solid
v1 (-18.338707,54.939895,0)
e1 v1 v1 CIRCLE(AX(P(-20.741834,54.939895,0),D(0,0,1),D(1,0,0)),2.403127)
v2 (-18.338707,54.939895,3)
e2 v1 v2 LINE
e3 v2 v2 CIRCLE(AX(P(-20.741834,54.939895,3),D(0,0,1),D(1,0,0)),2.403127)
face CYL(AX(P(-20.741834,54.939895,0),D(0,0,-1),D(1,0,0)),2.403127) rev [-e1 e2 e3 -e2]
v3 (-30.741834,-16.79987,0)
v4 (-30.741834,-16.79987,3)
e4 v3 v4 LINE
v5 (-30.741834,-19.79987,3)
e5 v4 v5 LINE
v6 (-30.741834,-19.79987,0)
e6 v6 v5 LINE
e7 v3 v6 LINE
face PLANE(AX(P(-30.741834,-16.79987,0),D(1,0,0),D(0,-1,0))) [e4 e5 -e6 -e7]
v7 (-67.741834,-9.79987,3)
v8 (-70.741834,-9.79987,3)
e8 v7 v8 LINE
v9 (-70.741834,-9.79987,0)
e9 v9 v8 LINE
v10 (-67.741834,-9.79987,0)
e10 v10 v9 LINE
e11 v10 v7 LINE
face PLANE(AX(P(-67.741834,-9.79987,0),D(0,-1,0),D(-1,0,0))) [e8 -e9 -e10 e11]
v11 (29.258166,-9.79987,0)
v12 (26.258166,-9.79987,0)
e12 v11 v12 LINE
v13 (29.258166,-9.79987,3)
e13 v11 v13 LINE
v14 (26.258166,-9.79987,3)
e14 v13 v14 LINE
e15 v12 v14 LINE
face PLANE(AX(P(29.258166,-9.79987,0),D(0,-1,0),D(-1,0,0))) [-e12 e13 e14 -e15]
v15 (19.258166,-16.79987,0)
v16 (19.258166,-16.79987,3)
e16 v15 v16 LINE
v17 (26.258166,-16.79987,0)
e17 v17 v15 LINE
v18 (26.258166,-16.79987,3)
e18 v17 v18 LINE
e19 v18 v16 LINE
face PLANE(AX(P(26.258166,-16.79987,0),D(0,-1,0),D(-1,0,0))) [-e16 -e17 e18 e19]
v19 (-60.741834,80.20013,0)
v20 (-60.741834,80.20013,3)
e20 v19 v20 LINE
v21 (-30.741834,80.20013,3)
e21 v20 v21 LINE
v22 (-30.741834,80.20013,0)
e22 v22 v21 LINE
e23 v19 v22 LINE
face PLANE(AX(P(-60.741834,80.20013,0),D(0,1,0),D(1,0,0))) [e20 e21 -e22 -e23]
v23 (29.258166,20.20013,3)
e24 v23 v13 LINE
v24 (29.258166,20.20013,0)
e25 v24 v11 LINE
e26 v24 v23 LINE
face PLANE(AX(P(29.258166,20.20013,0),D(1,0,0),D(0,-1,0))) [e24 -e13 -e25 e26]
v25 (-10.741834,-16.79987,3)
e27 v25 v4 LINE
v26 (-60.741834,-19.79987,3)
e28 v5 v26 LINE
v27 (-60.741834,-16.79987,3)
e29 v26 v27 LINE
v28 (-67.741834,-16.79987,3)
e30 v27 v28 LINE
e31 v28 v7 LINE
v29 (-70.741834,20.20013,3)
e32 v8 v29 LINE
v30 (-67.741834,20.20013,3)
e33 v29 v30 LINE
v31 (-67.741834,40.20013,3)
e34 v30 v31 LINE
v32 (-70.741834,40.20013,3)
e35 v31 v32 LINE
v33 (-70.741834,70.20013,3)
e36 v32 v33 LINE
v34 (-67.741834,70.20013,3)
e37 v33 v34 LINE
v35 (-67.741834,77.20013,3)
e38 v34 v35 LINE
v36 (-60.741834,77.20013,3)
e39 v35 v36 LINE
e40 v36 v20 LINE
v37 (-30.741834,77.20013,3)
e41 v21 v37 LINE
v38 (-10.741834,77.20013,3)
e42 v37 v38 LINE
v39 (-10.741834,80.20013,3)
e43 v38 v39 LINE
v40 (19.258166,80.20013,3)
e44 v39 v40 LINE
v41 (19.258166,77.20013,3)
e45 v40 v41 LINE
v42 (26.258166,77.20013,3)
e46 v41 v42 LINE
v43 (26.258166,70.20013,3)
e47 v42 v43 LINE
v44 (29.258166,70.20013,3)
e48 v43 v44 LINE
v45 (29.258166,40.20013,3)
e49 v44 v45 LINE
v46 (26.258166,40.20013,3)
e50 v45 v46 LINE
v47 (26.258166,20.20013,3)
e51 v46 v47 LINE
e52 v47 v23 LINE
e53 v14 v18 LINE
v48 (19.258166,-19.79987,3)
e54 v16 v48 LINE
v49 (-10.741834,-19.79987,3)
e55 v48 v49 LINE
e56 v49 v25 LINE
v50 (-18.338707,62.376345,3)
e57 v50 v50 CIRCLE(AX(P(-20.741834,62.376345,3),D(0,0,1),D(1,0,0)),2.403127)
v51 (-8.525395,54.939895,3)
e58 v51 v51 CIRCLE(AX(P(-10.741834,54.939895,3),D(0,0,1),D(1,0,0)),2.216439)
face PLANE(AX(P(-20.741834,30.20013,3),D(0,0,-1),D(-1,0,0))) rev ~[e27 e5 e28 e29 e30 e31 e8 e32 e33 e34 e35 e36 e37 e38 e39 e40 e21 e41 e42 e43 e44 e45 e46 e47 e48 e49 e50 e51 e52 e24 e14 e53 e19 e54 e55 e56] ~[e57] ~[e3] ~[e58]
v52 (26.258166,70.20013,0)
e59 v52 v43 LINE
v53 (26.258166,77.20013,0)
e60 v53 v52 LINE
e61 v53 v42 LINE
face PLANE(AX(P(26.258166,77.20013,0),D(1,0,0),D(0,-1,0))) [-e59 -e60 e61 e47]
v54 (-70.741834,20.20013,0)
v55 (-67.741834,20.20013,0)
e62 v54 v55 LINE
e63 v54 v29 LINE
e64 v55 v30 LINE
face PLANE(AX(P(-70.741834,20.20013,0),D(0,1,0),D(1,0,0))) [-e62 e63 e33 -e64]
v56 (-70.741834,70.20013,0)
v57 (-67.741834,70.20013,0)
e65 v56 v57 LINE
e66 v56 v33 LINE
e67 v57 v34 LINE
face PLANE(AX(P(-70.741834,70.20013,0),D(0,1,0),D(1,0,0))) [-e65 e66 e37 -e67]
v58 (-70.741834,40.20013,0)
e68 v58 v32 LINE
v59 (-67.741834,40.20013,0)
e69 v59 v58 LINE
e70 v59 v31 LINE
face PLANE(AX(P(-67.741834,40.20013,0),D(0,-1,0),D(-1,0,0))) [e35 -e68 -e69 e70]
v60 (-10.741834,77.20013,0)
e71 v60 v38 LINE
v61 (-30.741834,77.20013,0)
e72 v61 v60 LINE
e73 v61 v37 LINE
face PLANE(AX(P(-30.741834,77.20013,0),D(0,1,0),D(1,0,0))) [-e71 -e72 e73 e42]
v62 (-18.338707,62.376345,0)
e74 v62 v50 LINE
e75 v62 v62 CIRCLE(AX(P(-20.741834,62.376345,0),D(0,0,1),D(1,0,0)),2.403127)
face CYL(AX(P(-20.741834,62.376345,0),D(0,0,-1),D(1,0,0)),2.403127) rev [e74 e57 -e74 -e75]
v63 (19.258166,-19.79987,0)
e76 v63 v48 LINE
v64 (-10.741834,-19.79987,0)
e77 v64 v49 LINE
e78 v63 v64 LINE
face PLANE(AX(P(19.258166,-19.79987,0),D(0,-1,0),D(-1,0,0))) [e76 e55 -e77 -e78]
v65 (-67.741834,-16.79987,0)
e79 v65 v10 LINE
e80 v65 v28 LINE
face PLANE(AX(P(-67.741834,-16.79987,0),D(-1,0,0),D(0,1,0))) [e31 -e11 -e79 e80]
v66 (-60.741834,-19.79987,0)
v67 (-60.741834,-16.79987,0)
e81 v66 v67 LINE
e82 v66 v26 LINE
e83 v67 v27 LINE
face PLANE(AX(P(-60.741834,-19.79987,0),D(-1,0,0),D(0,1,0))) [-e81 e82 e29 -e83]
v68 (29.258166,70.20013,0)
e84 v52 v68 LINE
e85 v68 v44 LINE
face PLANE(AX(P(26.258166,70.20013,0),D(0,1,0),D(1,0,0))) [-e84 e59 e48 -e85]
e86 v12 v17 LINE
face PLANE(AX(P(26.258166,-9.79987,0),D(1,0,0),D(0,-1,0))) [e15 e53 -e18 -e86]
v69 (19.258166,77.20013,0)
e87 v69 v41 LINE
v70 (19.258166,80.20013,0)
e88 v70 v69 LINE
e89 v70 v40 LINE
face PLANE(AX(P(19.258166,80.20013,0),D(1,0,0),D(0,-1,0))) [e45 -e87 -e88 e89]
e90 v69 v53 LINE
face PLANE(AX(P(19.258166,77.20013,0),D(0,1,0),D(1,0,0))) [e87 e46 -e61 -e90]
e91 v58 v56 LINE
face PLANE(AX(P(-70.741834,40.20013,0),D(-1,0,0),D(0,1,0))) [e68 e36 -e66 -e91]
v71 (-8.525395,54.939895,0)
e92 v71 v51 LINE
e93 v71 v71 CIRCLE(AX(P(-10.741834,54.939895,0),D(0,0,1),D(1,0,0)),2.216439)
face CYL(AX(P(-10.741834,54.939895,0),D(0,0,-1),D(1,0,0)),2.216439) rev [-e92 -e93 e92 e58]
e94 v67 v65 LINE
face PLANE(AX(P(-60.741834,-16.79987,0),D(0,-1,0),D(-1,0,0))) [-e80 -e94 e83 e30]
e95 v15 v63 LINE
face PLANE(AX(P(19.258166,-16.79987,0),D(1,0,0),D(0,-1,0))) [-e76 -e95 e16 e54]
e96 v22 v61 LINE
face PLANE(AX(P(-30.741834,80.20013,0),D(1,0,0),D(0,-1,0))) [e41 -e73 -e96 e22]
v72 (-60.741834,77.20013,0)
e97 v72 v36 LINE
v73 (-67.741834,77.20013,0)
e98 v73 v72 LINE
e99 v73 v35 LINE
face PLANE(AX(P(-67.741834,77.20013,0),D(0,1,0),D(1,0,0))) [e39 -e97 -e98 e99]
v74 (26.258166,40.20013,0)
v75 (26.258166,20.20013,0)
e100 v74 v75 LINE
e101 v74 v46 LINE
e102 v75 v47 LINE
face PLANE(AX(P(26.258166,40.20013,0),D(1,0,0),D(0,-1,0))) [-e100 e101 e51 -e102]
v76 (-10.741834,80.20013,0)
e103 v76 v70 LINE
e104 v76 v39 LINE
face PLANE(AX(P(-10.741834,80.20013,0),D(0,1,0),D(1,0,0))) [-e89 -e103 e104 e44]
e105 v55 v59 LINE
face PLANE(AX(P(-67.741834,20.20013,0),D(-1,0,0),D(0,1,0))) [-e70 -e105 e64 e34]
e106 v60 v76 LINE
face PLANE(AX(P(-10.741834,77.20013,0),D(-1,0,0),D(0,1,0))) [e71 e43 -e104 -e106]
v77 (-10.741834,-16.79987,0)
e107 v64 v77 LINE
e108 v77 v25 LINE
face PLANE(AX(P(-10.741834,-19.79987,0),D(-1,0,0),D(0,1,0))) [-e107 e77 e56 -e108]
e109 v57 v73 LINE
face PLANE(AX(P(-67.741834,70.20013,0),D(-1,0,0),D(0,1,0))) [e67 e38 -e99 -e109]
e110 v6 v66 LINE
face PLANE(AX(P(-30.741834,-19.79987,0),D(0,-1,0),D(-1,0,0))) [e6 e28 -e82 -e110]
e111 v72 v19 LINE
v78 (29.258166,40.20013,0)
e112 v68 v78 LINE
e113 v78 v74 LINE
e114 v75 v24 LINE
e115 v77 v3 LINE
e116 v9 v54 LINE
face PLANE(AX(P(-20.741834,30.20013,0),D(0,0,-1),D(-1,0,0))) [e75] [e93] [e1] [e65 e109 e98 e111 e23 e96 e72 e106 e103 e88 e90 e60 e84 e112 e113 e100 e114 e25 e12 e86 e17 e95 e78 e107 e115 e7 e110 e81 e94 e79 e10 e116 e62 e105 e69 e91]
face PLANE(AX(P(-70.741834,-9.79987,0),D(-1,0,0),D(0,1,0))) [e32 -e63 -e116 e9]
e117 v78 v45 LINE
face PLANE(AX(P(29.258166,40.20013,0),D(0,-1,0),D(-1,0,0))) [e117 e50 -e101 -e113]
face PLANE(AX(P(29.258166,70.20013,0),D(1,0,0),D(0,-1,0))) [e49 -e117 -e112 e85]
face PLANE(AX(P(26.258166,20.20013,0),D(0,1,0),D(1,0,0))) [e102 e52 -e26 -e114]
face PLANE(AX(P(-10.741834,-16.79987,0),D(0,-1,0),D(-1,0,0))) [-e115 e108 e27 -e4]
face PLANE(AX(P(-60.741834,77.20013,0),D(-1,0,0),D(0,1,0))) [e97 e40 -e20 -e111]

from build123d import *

# Parameters (mm, degrees)
ESQUISSE1_R        = 2.403126526
ESQUISSE1_R_2      = 2.216438954
BOSS_EXTRU_1_DEPTH = 3


with BuildPart() as part:
    # Esquisse1 → Boss.-Extru.1 (new body)
    with BuildSketch(Plane.XY):
        Polygon((19.258166425, 80.200130208), (-10.741833575, 80.200130208), (-10.741833575, 77.200130208), (-30.741833575, 77.200130208), (-30.741833575, 80.200130208), (-60.741833575, 80.200130208), (-60.741833575, 77.200130208), (-67.741833575, 77.200130208), (-67.741833575, 70.200130208), (-70.741833575, 70.200130208), (-70.741833575, 40.200130208), (-67.741833575, 40.200130208), (-67.741833575, 20.200130208), (-70.741833575, 20.200130208), (-70.741833575, -9.799869792), (-67.741833575, -9.799869792), (-67.741833575, -16.799869792), (-60.741833575, -16.799869792), (-60.741833575, -19.799869792), (-30.741833575, -19.799869792), (-30.741833575, -16.799869792), (-10.741833575, -16.799869792), (-10.741833575, -19.799869792), (19.258166425, -19.799869792), (19.258166425, -16.799869792), (26.258166425, -16.799869792), (26.258166425, -9.799869792), (29.258166425, -9.799869792), (29.258166425, 20.200130208), (26.258166425, 20.200130208), (26.258166425, 40.200130208), (29.258166425, 40.200130208), (29.258166425, 70.200130208), (26.258166425, 70.200130208), (26.258166425, 77.200130208), (19.258166425, 77.200130208), align=None)
        with Locations((-20.741833575, 54.939895236)):
            Circle(ESQUISSE1_R, mode=Mode.SUBTRACT)
        with Locations((-20.741833575, 62.376344524)):
            Circle(ESQUISSE1_R, mode=Mode.SUBTRACT)
        with Locations((-10.741833575, 54.939895236)):
            Circle(ESQUISSE1_R_2, mode=Mode.SUBTRACT)
    extrude(amount=BOSS_EXTRU_1_DEPTH)


solid = part.part
